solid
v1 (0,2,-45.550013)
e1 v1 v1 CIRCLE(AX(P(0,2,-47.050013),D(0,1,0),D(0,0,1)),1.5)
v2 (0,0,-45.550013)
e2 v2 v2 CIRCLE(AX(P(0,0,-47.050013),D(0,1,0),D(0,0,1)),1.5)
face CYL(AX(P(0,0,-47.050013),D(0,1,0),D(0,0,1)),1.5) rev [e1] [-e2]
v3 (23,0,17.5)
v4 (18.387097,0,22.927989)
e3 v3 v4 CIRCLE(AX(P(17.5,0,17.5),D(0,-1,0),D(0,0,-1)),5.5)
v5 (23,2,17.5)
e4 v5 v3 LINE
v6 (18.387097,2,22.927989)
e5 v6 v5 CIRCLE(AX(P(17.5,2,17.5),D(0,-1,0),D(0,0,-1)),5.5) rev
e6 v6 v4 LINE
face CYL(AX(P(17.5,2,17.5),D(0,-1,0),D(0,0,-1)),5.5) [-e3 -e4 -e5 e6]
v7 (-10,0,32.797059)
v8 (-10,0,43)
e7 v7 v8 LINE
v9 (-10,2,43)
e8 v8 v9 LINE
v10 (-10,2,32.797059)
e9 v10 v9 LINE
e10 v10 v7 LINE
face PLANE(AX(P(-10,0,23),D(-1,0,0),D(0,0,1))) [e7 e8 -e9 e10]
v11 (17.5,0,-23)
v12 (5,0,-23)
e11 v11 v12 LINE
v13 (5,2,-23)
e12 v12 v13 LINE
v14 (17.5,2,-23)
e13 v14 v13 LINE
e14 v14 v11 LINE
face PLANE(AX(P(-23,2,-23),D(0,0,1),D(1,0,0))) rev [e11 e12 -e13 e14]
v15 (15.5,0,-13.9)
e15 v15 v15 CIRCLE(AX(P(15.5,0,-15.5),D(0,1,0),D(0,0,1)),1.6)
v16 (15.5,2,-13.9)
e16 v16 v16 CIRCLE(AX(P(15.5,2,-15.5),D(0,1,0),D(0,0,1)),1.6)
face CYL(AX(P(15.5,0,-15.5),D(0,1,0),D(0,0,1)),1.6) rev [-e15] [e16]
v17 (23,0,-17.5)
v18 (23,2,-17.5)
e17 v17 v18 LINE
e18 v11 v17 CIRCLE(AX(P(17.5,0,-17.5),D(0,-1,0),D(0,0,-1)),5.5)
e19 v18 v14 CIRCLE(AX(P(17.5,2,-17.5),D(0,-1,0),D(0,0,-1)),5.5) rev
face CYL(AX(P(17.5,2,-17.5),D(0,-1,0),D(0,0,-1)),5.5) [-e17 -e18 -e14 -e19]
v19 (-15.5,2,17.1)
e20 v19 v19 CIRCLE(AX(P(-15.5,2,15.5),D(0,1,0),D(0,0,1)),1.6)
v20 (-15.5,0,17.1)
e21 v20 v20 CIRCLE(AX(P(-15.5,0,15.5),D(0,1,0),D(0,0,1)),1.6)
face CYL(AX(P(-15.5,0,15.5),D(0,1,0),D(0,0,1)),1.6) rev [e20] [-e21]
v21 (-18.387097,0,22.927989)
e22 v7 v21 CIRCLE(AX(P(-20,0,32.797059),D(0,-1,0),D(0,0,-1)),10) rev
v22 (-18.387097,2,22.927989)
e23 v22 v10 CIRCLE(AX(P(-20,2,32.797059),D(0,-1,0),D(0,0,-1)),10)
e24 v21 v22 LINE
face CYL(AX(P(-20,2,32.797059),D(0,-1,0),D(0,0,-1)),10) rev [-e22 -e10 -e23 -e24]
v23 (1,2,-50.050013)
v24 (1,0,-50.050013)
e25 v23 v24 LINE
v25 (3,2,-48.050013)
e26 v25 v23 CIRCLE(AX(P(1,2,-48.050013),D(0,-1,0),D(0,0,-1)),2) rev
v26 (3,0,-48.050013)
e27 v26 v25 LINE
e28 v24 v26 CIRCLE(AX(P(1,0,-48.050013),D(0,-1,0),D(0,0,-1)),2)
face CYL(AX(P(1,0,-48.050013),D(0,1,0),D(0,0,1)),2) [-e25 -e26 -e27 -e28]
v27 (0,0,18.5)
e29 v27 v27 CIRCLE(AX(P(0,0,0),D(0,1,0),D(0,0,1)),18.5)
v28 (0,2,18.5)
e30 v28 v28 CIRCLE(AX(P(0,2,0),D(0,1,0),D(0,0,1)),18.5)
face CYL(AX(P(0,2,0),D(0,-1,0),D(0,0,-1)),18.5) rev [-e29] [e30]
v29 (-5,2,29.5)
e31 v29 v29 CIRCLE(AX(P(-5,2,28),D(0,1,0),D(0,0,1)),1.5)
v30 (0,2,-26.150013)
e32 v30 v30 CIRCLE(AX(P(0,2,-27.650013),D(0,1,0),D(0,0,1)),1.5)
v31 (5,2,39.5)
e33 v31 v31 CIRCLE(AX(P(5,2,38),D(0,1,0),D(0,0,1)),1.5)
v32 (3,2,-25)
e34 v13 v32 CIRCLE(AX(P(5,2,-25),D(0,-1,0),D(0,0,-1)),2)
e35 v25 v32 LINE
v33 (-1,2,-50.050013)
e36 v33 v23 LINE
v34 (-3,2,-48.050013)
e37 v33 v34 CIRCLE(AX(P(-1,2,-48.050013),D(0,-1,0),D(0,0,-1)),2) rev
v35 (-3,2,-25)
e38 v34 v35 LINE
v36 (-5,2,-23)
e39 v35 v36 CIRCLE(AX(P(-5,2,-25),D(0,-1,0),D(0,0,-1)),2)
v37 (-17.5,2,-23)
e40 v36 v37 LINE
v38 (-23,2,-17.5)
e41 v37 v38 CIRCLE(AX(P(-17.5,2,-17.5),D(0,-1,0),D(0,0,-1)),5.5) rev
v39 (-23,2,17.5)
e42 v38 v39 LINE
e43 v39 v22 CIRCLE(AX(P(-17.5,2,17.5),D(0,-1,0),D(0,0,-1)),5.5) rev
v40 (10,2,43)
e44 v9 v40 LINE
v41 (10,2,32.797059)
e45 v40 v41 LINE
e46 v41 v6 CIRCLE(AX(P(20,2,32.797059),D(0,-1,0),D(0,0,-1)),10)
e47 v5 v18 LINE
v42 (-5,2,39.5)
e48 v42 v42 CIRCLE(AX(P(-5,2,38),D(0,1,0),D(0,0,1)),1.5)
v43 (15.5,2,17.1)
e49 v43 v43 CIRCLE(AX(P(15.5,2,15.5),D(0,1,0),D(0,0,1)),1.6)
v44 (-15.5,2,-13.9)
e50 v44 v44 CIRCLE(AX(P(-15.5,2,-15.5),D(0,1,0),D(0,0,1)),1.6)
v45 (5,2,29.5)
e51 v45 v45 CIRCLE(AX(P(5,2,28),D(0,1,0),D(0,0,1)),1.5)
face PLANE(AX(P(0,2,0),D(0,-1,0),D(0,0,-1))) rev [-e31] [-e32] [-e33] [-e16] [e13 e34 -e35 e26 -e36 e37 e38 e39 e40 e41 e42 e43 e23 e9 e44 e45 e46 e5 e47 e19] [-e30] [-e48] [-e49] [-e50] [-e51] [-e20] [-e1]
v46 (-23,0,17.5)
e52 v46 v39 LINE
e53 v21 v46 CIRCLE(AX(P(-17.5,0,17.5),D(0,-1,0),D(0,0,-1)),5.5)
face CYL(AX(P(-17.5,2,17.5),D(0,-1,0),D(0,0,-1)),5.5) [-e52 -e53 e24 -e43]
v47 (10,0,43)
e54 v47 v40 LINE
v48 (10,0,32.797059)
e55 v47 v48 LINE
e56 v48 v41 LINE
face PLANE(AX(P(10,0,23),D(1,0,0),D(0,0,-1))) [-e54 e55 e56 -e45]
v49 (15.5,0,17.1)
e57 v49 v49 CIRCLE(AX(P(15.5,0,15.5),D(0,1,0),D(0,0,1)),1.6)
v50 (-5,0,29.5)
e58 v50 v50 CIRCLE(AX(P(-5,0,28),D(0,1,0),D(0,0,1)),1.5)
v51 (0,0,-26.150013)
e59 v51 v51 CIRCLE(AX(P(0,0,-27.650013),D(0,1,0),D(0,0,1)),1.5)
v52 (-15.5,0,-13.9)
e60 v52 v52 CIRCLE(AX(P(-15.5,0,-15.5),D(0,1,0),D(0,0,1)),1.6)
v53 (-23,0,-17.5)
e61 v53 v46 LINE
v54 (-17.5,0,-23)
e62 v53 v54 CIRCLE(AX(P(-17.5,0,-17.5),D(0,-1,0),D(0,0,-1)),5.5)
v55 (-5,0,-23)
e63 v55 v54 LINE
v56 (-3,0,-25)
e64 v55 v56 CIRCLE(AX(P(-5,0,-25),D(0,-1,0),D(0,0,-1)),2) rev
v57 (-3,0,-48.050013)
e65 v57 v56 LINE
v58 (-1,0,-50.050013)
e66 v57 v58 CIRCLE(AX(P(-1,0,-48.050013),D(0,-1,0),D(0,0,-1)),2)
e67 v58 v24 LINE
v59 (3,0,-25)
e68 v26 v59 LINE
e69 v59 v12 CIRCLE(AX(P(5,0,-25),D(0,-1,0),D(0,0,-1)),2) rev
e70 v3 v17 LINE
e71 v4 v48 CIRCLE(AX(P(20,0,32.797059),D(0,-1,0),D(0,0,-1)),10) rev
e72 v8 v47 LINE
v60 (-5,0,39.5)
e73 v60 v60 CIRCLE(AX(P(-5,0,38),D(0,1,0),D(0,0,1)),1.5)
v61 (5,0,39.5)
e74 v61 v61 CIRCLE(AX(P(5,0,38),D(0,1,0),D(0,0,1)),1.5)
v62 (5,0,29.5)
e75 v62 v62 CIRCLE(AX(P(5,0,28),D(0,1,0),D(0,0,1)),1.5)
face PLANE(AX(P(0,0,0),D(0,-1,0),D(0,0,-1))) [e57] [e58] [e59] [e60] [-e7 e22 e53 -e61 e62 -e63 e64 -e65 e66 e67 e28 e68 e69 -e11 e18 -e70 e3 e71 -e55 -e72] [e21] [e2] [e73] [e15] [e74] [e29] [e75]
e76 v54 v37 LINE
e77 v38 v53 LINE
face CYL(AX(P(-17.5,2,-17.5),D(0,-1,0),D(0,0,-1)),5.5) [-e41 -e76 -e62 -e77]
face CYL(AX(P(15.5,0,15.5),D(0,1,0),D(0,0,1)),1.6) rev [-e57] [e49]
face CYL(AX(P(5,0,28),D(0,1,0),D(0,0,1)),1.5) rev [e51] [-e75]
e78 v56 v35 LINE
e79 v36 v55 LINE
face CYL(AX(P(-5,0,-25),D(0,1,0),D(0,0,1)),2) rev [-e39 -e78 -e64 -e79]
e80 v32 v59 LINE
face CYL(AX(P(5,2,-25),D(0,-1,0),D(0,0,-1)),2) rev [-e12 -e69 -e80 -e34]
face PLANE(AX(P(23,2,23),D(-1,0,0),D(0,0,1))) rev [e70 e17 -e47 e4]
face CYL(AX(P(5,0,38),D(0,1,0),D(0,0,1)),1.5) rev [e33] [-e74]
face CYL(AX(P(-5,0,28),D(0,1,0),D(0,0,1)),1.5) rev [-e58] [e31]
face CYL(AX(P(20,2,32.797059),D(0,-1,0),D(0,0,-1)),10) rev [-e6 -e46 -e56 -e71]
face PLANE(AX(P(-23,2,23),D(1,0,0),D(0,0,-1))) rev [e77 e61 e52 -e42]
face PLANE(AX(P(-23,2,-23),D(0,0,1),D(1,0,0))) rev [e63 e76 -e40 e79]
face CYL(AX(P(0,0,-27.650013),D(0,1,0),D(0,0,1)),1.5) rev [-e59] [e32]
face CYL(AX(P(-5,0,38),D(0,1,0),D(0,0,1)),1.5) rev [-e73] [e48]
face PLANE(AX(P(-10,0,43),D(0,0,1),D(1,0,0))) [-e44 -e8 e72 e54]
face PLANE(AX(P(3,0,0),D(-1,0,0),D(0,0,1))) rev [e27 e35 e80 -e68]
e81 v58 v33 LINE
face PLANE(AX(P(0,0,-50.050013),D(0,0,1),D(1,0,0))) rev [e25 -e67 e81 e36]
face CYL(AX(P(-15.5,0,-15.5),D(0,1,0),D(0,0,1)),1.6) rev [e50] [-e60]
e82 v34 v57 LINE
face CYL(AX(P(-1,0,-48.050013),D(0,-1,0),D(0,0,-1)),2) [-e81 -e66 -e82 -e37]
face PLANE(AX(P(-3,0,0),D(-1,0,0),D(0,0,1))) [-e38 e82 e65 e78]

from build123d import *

# Parameters (mm, degrees)
SKETCH_2_W          = 46
SKETCH_2_H          = 46
SKETCH_2_R          = 18.5
EXTRUDE_1_DEPTH     = 2
FILLET_1_R          = 5.5
SKETCH_3_R          = 1.6
CUT_EXTRUDE_1_DEPTH = 33.588341474
SKETCH_4_W          = 20
SKETCH_4_H          = 20
SKETCH_4_R          = 1.5
EXTRUDE_2_DEPTH     = 2
SKETCH_5_W          = 6
SKETCH_5_H          = 27.4
SKETCH_5_R          = 1.5
EXTRUDE_3_DEPTH     = 2
FILLET_5_R          = 2
FILLET_6_R          = 10


with BuildPart() as part:
    # 草图2 → 凸台-拉伸1 (new body)
    with BuildSketch(Plane(origin=(0, 0, 0), x_dir=(1, 0, 0), z_dir=(0, 1, 0))):
        Rectangle(SKETCH_2_W, SKETCH_2_H)
        with Locations(Location((0, 0, 0), (0, 0, 270))):
            Circle(SKETCH_2_R, mode=Mode.SUBTRACT)
    extrude(amount=EXTRUDE_1_DEPTH)

    # 圆角1
    fillet_1_edges = [part.edges().sort_by_distance(p)[0] for p in [
        (23, 1, 23),
        (-23, 1, 23),
        (-23, 1, -23),
        (23, 1, -23),
    ]]
    fillet(fillet_1_edges, radius=FILLET_1_R)

    # 草图3 → 切除-拉伸1 (cut, through all)
    with BuildSketch(Plane(origin=(0, 2, 0), x_dir=(1, 0, 0), z_dir=(0, 1, 0))):
        with Locations(Location((-15.5, 15.5, 0), (0, 0, 270))):
            Circle(SKETCH_3_R)
        with Locations(Location((15.5, 15.5, 0), (0, 0, 270))):
            Circle(SKETCH_3_R)
        with Locations(Location((-15.5, -15.5, 0), (0, 0, 270))):
            Circle(SKETCH_3_R)
        with Locations(Location((15.5, -15.5, 0), (0, 0, 270))):
            Circle(SKETCH_3_R)
    extrude(amount=-CUT_EXTRUDE_1_DEPTH, mode=Mode.SUBTRACT)

    # 草图4 → 凸台-拉伸2 (add)
    with BuildSketch(Plane(origin=(0, 2, 0), x_dir=(1, 0, 0), z_dir=(0, 1, 0))):
        with Locations((0, -33)):
            Rectangle(SKETCH_4_W, SKETCH_4_H)
        with Locations(Location((-5, -38, 0), (0, 0, 270))):
            Circle(SKETCH_4_R, mode=Mode.SUBTRACT)
        with Locations(Location((5, -38, 0), (0, 0, 270))):
            Circle(SKETCH_4_R, mode=Mode.SUBTRACT)
        with Locations(Location((-5, -28, 0), (0, 0, 270))):
            Circle(SKETCH_4_R, mode=Mode.SUBTRACT)
        with Locations(Location((5, -28, 0), (0, 0, 270))):
            Circle(SKETCH_4_R, mode=Mode.SUBTRACT)
    extrude(amount=-EXTRUDE_2_DEPTH)

    # 草图5 → 凸台-拉伸3 (add)
    with BuildSketch(Plane(origin=(0, 2, 0), x_dir=(1, 0, 0), z_dir=(0, 1, 0))):
        with Locations((0, 36.350013022)):
            Rectangle(SKETCH_5_W, SKETCH_5_H)
        with Locations(Location((0, 47.050013022, 0), (0, 0, 270))):
            Circle(SKETCH_5_R, mode=Mode.SUBTRACT)
        with Locations(Location((0, 27.650013022, 0), (0, 0, 270))):
            Circle(SKETCH_5_R, mode=Mode.SUBTRACT)
    extrude(amount=-EXTRUDE_3_DEPTH)

    # 圆角5
    fillet_5_edges = [part.edges().sort_by_distance(p)[0] for p in [
        (-3, 1, -50.050013022),
        (3, 1, -50.050013022),
        (3, 1, -23),
        (-3, 1, -23),
    ]]
    fillet(fillet_5_edges, radius=FILLET_5_R)

    # 圆角6
    fillet_6_edges = [part.edges().sort_by_distance(p)[0] for p in [
        (10, 1, 23),
        (-10, 1, 23),
    ]]
    fillet(fillet_6_edges, radius=FILLET_6_R)


solid = part.part
